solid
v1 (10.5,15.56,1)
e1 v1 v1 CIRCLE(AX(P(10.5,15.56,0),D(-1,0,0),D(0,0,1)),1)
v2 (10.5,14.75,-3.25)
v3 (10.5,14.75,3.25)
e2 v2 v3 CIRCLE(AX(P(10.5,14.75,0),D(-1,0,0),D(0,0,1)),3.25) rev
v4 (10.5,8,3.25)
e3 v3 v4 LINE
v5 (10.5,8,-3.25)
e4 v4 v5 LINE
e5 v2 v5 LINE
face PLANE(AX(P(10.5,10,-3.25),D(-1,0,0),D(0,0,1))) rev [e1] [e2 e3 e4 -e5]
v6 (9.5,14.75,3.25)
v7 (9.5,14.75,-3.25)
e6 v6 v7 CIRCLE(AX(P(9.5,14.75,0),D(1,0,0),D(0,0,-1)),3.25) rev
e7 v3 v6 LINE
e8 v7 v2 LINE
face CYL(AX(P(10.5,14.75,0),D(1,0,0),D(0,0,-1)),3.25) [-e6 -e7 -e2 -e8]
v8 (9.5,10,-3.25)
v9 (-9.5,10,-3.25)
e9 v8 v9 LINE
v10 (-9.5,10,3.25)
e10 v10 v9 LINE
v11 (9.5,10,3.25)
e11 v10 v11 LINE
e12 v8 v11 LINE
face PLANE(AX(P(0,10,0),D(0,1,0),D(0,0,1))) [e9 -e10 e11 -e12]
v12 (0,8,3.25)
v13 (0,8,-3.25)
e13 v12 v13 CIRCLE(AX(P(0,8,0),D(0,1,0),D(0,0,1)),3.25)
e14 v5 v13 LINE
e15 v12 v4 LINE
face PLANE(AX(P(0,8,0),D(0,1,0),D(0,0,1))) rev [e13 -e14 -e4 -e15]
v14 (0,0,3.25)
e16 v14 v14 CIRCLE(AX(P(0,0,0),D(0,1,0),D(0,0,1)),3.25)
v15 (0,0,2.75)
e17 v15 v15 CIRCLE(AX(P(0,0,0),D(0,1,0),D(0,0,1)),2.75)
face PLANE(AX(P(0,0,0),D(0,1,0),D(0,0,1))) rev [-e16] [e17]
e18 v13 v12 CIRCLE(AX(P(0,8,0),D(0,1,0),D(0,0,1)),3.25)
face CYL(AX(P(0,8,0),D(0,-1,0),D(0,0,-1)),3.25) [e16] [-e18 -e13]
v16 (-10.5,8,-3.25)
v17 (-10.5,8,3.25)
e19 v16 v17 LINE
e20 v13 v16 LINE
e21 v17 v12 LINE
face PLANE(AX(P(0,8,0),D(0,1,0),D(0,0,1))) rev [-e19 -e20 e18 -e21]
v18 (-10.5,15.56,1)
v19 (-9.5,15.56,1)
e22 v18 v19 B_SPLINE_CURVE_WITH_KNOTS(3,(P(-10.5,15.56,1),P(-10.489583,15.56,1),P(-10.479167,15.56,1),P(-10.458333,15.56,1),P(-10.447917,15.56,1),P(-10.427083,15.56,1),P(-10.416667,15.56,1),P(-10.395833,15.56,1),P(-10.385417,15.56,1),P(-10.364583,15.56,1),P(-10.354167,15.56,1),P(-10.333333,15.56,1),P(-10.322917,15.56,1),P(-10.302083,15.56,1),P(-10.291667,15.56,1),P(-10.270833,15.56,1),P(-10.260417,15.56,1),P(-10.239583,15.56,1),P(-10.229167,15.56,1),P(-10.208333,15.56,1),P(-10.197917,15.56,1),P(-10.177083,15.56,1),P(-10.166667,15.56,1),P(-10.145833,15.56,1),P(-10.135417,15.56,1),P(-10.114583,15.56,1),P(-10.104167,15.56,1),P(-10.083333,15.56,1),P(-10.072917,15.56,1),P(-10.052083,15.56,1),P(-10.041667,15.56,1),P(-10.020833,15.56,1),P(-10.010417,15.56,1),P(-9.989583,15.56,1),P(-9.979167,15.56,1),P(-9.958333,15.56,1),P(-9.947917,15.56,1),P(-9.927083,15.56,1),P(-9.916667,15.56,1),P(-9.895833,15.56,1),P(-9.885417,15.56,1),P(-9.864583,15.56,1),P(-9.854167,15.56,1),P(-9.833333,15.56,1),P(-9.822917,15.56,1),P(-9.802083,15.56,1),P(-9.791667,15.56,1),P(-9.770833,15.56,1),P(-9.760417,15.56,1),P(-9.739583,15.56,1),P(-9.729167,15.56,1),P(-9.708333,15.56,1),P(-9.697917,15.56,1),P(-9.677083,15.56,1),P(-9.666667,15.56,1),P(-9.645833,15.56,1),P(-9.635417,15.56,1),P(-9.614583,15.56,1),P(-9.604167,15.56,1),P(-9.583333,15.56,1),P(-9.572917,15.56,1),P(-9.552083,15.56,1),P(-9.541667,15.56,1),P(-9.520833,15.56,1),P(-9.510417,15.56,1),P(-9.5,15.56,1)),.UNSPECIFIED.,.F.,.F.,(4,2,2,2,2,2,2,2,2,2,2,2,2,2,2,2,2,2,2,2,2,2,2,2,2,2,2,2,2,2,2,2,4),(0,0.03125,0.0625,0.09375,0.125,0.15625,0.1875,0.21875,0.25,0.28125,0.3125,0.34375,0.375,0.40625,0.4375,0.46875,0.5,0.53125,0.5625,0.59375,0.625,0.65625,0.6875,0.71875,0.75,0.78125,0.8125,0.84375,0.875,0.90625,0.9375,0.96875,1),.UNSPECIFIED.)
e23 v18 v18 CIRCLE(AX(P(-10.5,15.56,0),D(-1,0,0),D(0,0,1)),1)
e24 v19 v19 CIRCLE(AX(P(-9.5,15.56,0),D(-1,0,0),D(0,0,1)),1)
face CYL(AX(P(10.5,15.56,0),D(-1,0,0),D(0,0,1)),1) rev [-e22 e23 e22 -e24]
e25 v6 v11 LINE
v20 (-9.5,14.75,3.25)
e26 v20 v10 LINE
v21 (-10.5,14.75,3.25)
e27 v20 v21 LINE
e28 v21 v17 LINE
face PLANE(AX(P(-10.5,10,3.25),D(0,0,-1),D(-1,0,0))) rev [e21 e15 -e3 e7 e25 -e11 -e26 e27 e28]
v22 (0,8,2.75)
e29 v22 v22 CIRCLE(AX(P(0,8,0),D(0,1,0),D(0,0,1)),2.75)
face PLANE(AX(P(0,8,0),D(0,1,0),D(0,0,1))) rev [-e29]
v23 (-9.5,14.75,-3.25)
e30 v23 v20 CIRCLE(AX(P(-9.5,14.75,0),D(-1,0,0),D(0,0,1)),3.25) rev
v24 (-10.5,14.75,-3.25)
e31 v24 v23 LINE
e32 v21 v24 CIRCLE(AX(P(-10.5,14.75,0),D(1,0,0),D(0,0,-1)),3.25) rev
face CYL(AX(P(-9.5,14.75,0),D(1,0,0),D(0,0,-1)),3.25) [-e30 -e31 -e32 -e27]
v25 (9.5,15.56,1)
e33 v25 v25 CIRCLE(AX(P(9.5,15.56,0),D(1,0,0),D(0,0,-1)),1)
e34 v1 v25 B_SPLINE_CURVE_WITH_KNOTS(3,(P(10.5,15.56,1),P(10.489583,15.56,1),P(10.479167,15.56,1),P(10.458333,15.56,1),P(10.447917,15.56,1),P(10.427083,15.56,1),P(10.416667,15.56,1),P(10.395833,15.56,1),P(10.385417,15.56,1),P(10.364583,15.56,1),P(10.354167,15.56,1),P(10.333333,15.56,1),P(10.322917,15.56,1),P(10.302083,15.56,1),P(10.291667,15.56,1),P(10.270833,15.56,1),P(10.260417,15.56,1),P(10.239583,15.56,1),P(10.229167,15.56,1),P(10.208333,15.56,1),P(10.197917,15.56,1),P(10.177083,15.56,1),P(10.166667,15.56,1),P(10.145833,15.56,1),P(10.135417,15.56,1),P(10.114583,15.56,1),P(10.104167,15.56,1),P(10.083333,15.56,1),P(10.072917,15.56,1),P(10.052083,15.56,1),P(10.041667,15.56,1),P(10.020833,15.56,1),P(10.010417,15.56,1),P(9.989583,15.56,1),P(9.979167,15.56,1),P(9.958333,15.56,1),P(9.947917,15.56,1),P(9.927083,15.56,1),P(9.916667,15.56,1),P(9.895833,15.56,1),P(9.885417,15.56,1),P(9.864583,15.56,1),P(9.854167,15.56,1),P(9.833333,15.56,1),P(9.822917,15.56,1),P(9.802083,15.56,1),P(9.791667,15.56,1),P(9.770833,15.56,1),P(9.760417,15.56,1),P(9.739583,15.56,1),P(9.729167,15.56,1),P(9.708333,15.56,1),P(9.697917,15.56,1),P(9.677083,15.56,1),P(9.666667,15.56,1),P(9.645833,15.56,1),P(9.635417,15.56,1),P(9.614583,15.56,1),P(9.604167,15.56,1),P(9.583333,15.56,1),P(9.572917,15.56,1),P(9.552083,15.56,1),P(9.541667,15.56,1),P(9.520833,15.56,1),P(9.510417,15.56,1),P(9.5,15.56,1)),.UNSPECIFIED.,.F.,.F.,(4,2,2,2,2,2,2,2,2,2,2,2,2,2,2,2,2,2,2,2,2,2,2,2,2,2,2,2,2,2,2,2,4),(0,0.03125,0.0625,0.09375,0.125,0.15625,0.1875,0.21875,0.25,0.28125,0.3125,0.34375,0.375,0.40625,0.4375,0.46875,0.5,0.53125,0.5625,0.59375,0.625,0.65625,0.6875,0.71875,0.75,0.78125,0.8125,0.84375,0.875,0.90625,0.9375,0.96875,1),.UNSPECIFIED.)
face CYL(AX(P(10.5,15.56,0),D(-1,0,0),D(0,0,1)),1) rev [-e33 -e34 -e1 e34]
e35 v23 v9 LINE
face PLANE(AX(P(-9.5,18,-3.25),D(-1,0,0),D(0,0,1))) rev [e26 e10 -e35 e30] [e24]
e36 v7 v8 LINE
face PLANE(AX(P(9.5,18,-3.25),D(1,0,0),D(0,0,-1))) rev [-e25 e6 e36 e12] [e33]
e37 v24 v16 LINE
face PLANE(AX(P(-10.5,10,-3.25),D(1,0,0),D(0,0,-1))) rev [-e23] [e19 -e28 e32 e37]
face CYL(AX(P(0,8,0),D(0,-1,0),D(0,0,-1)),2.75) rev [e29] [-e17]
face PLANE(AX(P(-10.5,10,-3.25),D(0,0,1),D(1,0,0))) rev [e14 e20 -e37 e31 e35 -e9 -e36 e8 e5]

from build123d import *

# Parameters (mm, degrees)
SKETCH1_R               = 3.25
SKETCH1_R_2             = 2.75
BOSS_EXTRUDE1_DEPTH     = 8
SKETCH2_W               = 21
SKETCH2_H               = 6.5
BOSS_EXTRUDE2_DEPTH     = 2
SKETCH3_W               = 1
SKETCH3_H               = 6.5
BOSS_EXTRUDE3_DEPTH     = 8
CUT_EXTRUDE1_DEPTH      = 28.84892278
CUT_EXTRUDE1_DEPTH_BACK = 28.84892278
SKETCH4_R               = 1
FILLET1_RADIUS          = 3.25
FILLET1_LENGTH          = 1
FILLET2_RADIUS          = 3.25
FILLET2_LENGTH          = 1


with BuildPart() as part:
    # Sketch1 → Boss-Extrude1 (new body)
    with BuildSketch(Plane(origin=(0, 0, 0), x_dir=(1, 0, 0), z_dir=(0, 1, 0))):
        with Locations(Location((0, 0, 0), (0, 0, 270))):
            Circle(SKETCH1_R)
        with Locations(Location((0, 0, 0), (0, 0, 270))):
            Circle(SKETCH1_R_2, mode=Mode.SUBTRACT)
    extrude(amount=BOSS_EXTRUDE1_DEPTH)

    # Sketch2 → Boss-Extrude2 (add)
    with BuildSketch(Plane(origin=(0, 8, 0), x_dir=(1, 0, 0), z_dir=(0, 1, 0))):
        Rectangle(SKETCH2_W, SKETCH2_H)
    extrude(amount=BOSS_EXTRUDE2_DEPTH)

    # Sketch3 → Boss-Extrude3 (add)
    with BuildSketch(Plane(origin=(0, 10, 0), x_dir=(1, 0, 0), z_dir=(0, 1, 0))):
        with Locations((-10, 0)):
            Rectangle(SKETCH3_W, SKETCH3_H)
        with Locations((10, 0)):
            Rectangle(SKETCH3_W, SKETCH3_H)
    extrude(amount=BOSS_EXTRUDE3_DEPTH)

    # Sketch4 → Cut-Extrude1 (cut, two sides: drawn at the far end of the back side and taken through both)
    with BuildSketch(Plane.ZY.offset(10.5).offset(-CUT_EXTRUDE1_DEPTH_BACK)):
        with Locations((0, 15.56)):
            Circle(SKETCH4_R)
    extrude(amount=CUT_EXTRUDE1_DEPTH + CUT_EXTRUDE1_DEPTH_BACK, mode=Mode.SUBTRACT)

    # Fillet1: full round fillet: the end face becomes a half cylinder, R = half its width
    fillet1_face = Plane((10, 18, 0), x_dir=(-1, 0, 0), z_dir=(0, 1, 0))  # on the end face: x along it, z out of the body
    fillet1_slab = fillet1_face.offset(-FILLET1_RADIUS / 2) * Box(FILLET1_LENGTH, 2 * FILLET1_RADIUS, FILLET1_RADIUS, mode=Mode.PRIVATE)  # the body's end, R deep
    fillet1_round = Plane((10, 14.75, 0), x_dir=(0, 1, 0), z_dir=(-1, 0, 0)) * Cylinder(FILLET1_RADIUS, FILLET1_LENGTH, mode=Mode.PRIVATE)  # its axis R under the face
    add(fillet1_slab - fillet1_round, mode=Mode.SUBTRACT)

    # Fillet2: full round fillet: the end face becomes a half cylinder, R = half its width
    fillet2_face = Plane((-10, 18, 0), x_dir=(1, 0, 0), z_dir=(0, 1, 0))  # on the end face: x along it, z out of the body
    fillet2_slab = fillet2_face.offset(-FILLET2_RADIUS / 2) * Box(FILLET2_LENGTH, 2 * FILLET2_RADIUS, FILLET2_RADIUS, mode=Mode.PRIVATE)  # the body's end, R deep
    fillet2_round = Plane((-10, 14.75, 0), x_dir=(0, 1, 0), z_dir=(1, 0, 0)) * Cylinder(FILLET2_RADIUS, FILLET2_LENGTH, mode=Mode.PRIVATE)  # its axis R under the face
    add(fillet2_slab - fillet2_round, mode=Mode.SUBTRACT)


solid = part.part
